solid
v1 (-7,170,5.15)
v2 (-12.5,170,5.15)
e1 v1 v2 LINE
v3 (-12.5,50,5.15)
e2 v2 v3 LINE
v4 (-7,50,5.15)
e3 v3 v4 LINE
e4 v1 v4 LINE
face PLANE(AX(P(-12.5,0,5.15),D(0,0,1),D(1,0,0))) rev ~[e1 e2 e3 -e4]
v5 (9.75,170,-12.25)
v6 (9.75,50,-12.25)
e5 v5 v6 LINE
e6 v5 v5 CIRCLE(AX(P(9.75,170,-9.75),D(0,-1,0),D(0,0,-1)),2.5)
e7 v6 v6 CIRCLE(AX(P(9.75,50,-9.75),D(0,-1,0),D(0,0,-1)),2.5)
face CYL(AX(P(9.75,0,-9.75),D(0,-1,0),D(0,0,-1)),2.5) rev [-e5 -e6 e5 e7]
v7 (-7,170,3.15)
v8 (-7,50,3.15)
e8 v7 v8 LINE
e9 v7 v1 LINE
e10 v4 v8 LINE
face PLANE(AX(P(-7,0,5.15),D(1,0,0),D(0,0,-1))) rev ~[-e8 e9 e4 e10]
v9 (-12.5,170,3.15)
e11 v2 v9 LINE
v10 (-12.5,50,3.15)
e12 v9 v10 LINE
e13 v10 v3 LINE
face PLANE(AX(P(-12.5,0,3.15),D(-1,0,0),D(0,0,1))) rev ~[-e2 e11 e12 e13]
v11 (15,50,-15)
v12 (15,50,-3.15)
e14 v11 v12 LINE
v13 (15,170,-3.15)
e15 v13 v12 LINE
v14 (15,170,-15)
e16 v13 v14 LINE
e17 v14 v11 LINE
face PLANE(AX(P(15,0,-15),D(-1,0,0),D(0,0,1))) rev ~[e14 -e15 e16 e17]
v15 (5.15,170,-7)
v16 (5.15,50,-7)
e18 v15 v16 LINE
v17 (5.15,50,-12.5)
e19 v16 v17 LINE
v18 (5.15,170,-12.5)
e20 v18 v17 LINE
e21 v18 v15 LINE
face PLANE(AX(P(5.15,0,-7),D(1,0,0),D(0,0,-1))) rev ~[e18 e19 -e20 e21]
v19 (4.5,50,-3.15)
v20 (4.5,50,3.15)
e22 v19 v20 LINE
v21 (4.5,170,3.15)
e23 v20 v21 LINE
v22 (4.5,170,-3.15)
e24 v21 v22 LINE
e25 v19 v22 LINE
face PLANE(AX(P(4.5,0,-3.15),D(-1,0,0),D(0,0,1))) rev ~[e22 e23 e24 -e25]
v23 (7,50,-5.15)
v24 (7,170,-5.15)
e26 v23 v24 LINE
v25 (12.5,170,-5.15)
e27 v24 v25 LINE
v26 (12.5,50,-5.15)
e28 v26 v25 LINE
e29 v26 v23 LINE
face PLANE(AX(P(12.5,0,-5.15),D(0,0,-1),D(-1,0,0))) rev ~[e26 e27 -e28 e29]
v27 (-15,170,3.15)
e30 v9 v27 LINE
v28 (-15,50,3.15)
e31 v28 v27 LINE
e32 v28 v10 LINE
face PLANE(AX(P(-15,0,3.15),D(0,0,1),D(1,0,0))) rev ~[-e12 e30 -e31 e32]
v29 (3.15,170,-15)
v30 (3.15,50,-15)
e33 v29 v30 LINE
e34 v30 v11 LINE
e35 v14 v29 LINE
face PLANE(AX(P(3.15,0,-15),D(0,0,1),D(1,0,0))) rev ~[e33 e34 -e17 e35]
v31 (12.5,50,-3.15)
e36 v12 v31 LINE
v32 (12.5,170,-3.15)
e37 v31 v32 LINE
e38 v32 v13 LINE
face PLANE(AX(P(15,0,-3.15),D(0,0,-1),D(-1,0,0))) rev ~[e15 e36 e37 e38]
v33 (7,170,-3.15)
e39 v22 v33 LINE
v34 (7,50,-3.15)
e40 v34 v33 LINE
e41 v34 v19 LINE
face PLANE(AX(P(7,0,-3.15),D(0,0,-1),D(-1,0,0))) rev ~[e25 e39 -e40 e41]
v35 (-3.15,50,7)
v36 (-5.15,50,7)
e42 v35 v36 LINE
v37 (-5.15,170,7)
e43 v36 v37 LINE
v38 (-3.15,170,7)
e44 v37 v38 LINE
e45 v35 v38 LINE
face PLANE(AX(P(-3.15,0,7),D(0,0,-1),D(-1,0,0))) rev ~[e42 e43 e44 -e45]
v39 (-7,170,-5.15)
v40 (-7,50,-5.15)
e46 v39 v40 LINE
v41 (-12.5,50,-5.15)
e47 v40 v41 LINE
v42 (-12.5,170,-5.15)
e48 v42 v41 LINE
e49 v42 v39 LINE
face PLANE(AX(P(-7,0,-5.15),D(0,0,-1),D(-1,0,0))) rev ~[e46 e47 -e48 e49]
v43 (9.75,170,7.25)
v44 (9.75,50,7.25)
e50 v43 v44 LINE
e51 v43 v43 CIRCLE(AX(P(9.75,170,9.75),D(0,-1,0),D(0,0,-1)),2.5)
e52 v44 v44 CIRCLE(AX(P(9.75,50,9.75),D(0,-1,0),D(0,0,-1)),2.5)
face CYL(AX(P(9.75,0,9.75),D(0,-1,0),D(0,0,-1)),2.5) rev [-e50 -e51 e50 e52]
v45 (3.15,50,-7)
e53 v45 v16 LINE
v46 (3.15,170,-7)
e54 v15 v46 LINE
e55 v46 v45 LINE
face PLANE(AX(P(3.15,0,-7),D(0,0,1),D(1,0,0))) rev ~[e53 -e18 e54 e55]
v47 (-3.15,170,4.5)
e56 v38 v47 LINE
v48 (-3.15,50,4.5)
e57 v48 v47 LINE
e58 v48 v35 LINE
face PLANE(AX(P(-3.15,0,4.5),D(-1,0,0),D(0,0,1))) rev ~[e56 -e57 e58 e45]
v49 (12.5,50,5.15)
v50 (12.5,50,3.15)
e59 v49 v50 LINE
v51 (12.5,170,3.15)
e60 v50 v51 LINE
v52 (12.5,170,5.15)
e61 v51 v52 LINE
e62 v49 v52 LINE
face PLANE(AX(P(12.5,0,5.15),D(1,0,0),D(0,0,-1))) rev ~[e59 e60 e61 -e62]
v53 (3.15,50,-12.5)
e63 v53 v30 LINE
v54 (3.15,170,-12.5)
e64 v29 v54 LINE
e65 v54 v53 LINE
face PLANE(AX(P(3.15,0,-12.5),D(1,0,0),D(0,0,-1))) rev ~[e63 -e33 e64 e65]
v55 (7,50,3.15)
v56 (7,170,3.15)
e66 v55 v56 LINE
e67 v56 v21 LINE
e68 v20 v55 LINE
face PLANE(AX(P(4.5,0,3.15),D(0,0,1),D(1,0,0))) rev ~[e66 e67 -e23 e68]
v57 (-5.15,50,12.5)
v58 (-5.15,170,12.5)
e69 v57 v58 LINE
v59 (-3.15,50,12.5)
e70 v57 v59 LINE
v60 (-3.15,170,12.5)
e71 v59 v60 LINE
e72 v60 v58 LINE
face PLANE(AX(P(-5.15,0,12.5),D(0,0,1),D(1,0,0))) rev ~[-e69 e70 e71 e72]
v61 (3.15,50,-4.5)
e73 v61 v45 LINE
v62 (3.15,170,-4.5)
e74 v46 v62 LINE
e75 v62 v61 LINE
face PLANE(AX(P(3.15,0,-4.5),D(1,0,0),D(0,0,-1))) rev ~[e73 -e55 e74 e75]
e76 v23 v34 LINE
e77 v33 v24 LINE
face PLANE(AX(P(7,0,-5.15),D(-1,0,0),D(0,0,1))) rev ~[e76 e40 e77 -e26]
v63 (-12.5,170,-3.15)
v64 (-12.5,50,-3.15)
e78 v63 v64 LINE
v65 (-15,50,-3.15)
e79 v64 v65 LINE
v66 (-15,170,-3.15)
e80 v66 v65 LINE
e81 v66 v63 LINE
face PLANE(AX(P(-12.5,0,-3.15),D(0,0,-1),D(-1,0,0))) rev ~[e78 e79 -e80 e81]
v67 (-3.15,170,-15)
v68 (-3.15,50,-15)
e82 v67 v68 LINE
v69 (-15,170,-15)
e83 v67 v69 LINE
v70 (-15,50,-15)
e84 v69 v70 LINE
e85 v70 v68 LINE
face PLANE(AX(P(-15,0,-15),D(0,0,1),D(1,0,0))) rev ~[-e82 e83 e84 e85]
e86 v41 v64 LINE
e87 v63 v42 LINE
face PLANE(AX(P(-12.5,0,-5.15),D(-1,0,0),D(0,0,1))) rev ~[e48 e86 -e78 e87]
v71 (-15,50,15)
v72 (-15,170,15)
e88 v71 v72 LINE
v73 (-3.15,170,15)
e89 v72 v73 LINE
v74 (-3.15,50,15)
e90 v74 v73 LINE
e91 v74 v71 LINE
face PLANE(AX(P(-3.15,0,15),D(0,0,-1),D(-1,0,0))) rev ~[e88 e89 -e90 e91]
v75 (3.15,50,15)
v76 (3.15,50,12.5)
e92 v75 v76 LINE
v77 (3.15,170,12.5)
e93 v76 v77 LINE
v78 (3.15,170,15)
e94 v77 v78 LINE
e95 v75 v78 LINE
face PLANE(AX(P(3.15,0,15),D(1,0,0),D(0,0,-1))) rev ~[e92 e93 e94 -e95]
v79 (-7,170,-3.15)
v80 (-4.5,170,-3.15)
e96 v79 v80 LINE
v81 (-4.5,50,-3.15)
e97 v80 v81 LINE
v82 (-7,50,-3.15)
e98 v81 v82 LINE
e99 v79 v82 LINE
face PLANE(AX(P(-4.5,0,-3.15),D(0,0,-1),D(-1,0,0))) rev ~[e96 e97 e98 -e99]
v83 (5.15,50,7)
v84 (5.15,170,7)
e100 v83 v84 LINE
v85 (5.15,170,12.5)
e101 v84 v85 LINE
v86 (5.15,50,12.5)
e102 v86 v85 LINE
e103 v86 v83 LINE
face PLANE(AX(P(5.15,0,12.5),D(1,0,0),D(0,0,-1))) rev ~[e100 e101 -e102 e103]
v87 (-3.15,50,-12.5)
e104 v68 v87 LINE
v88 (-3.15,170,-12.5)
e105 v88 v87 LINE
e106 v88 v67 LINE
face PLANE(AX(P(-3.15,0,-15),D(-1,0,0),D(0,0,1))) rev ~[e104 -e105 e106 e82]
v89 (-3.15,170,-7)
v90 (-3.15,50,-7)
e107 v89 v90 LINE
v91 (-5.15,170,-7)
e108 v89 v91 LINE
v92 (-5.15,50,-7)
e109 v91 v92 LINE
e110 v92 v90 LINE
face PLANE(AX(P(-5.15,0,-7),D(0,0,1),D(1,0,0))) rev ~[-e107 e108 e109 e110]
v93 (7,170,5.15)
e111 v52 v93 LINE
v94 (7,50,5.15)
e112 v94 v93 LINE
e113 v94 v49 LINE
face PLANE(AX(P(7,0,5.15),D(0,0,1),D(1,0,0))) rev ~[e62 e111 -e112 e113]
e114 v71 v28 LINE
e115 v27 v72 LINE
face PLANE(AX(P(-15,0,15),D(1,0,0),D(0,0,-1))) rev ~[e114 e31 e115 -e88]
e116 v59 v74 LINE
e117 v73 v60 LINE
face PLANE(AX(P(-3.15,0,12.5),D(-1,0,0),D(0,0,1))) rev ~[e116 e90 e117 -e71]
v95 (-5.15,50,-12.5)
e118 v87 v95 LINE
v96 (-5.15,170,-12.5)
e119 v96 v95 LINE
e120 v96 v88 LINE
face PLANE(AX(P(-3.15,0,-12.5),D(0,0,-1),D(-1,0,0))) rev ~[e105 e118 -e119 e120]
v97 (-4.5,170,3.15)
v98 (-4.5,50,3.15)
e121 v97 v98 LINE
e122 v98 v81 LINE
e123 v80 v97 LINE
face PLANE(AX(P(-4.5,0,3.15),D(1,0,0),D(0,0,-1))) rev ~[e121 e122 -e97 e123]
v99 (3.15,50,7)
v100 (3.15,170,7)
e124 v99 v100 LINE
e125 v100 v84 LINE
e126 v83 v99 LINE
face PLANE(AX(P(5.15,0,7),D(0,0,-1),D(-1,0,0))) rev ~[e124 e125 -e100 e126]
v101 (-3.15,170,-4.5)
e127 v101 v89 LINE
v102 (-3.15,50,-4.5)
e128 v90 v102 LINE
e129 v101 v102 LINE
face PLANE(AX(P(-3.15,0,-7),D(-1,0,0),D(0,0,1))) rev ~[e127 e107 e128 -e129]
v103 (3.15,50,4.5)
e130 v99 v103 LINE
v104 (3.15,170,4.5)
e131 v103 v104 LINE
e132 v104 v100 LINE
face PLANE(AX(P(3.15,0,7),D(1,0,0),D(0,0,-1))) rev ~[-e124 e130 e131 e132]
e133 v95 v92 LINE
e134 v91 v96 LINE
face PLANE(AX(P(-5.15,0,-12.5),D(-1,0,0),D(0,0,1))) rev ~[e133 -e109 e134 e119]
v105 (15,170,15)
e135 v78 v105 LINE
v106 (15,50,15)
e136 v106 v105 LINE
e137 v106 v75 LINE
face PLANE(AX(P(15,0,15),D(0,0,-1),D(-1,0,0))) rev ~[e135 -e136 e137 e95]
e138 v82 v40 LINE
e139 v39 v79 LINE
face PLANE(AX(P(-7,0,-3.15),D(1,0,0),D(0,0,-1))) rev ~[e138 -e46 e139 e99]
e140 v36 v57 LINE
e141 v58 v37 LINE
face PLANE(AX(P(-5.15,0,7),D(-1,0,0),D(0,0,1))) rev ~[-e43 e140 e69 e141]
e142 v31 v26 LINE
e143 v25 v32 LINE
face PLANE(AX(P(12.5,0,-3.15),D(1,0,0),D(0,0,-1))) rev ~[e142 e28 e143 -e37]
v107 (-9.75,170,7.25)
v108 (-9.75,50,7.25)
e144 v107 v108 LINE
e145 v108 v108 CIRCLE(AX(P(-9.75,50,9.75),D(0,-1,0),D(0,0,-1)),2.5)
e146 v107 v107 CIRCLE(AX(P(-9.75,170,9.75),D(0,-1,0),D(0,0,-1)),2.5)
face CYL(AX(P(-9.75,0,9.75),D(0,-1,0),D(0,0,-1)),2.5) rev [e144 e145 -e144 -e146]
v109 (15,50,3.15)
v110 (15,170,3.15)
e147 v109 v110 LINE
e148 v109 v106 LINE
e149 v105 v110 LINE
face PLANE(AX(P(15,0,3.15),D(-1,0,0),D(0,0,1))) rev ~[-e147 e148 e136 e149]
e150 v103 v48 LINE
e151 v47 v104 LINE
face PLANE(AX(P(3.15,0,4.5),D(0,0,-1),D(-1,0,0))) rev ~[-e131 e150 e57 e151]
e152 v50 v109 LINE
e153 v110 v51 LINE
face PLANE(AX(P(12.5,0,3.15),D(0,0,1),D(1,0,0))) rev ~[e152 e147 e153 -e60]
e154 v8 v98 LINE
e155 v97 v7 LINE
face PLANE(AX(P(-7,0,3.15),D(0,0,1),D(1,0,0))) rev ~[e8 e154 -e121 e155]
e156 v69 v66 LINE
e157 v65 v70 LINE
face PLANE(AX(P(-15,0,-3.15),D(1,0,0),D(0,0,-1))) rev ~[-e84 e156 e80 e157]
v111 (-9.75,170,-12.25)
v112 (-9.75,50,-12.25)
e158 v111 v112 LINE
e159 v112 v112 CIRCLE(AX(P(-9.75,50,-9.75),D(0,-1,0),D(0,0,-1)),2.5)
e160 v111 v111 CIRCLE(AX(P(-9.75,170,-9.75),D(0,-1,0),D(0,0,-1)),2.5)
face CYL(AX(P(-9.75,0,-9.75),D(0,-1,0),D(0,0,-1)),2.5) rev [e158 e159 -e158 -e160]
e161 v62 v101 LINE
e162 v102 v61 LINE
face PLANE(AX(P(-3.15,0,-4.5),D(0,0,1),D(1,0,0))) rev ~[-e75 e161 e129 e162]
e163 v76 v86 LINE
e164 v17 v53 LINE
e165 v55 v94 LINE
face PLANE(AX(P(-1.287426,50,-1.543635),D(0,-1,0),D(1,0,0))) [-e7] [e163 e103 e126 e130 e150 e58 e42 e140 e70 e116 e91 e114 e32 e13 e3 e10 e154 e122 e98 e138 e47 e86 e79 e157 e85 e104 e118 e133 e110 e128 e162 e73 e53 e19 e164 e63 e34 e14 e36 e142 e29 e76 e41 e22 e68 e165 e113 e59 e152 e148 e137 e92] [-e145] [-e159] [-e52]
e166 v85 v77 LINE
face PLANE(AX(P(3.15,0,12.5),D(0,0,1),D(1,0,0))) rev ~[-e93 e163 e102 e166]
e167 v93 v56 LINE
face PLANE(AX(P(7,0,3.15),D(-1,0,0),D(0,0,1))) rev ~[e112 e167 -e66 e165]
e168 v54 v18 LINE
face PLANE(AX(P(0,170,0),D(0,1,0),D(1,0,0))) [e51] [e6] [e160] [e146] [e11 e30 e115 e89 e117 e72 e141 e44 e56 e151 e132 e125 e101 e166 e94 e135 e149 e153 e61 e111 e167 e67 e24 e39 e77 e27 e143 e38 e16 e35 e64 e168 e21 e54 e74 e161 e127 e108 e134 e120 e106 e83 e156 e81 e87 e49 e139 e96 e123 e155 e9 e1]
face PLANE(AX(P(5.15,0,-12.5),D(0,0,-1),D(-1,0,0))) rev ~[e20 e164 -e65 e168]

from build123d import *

# Parameters (mm, degrees)
SKETCH_1_R          = 2.5
EXTRUDE_1_DEPTH     = 180
SKETCH_2_R          = 82.250528809
CUT_EXTRUDE_1_DEPTH = 10
SKETCH_3_R          = 47.359827943
CUT_EXTRUDE_2_DEPTH = 200
SKETCH_4_R          = 50.055938799
CUT_EXTRUDE_3_DEPTH = 30


with BuildPart() as part:
    # 草图1 → 凸台-拉伸1 (new, symmetric)
    with BuildSketch(Plane(origin=(0, 0, 0), x_dir=(1, 0, 0), z_dir=(0, 1, 0))):
        Polygon((-15, -3.15), (-12.5, -3.15), (-12.5, -5.15), (-7, -5.15), (-7, -3.15), (-4.5, -3.15), (-4.5, 3.15), (-7, 3.15), (-7, 5.15), (-12.5, 5.15), (-12.5, 3.15), (-15, 3.15), (-15, 15), (-3.15, 15), (-3.15, 12.5), (-5.15, 12.5), (-5.15, 7), (-3.15, 7), (-3.15, 4.5), (3.15, 4.5), (3.15, 7), (5.15, 7), (5.15, 12.5), (3.15, 12.5), (3.15, 15), (15, 15), (15, 3.15), (12.5, 3.15), (12.5, 5.15), (7, 5.15), (7, 3.15), (4.5, 3.15), (4.5, -3.15), (7, -3.15), (7, -5.15), (12.5, -5.15), (12.5, -3.15), (15, -3.15), (15, -15), (3.15, -15), (3.15, -12.5), (5.15, -12.5), (5.15, -7), (3.15, -7), (3.15, -4.5), (-3.15, -4.5), (-3.15, -7), (-5.15, -7), (-5.15, -12.5), (-3.15, -12.5), (-3.15, -15), (-15, -15), align=None)
        with Locations(Location((-9.75, -9.75, 0), (0, 0, 90))):
            Circle(SKETCH_1_R, mode=Mode.SUBTRACT)
        with Locations(Location((-9.75, 9.75, 0), (0, 0, 90))):
            Circle(SKETCH_1_R, mode=Mode.SUBTRACT)
        with Locations(Location((9.75, 9.75, 0), (0, 0, 90))):
            Circle(SKETCH_1_R, mode=Mode.SUBTRACT)
        with Locations(Location((9.75, -9.75, 0), (0, 0, 90))):
            Circle(SKETCH_1_R, mode=Mode.SUBTRACT)
    extrude(amount=EXTRUDE_1_DEPTH, both=True)

    # 草图2 → 切除-拉伸1 (cut)
    with BuildSketch(Plane(origin=(0, 180, 0), x_dir=(1, 0, 0), z_dir=(0, 1, 0))):
        Circle(SKETCH_2_R)
    extrude(amount=-CUT_EXTRUDE_1_DEPTH, mode=Mode.SUBTRACT)

    # 草图3 → 切除-拉伸2 (cut)
    with BuildSketch(Plane.XZ.offset(180)):
        with Locations((0.216432031, -1.772037256)):
            Circle(SKETCH_3_R)
    extrude(amount=-CUT_EXTRUDE_2_DEPTH, mode=Mode.SUBTRACT)

    # 草图4 → 切除-拉伸3 (cut)
    with BuildSketch(Plane.XZ.offset(-20)):
        with Locations((-1.287426062, -1.543634952)):
            Circle(SKETCH_4_R)
    extrude(amount=-CUT_EXTRUDE_3_DEPTH, mode=Mode.SUBTRACT)


solid = part.part
